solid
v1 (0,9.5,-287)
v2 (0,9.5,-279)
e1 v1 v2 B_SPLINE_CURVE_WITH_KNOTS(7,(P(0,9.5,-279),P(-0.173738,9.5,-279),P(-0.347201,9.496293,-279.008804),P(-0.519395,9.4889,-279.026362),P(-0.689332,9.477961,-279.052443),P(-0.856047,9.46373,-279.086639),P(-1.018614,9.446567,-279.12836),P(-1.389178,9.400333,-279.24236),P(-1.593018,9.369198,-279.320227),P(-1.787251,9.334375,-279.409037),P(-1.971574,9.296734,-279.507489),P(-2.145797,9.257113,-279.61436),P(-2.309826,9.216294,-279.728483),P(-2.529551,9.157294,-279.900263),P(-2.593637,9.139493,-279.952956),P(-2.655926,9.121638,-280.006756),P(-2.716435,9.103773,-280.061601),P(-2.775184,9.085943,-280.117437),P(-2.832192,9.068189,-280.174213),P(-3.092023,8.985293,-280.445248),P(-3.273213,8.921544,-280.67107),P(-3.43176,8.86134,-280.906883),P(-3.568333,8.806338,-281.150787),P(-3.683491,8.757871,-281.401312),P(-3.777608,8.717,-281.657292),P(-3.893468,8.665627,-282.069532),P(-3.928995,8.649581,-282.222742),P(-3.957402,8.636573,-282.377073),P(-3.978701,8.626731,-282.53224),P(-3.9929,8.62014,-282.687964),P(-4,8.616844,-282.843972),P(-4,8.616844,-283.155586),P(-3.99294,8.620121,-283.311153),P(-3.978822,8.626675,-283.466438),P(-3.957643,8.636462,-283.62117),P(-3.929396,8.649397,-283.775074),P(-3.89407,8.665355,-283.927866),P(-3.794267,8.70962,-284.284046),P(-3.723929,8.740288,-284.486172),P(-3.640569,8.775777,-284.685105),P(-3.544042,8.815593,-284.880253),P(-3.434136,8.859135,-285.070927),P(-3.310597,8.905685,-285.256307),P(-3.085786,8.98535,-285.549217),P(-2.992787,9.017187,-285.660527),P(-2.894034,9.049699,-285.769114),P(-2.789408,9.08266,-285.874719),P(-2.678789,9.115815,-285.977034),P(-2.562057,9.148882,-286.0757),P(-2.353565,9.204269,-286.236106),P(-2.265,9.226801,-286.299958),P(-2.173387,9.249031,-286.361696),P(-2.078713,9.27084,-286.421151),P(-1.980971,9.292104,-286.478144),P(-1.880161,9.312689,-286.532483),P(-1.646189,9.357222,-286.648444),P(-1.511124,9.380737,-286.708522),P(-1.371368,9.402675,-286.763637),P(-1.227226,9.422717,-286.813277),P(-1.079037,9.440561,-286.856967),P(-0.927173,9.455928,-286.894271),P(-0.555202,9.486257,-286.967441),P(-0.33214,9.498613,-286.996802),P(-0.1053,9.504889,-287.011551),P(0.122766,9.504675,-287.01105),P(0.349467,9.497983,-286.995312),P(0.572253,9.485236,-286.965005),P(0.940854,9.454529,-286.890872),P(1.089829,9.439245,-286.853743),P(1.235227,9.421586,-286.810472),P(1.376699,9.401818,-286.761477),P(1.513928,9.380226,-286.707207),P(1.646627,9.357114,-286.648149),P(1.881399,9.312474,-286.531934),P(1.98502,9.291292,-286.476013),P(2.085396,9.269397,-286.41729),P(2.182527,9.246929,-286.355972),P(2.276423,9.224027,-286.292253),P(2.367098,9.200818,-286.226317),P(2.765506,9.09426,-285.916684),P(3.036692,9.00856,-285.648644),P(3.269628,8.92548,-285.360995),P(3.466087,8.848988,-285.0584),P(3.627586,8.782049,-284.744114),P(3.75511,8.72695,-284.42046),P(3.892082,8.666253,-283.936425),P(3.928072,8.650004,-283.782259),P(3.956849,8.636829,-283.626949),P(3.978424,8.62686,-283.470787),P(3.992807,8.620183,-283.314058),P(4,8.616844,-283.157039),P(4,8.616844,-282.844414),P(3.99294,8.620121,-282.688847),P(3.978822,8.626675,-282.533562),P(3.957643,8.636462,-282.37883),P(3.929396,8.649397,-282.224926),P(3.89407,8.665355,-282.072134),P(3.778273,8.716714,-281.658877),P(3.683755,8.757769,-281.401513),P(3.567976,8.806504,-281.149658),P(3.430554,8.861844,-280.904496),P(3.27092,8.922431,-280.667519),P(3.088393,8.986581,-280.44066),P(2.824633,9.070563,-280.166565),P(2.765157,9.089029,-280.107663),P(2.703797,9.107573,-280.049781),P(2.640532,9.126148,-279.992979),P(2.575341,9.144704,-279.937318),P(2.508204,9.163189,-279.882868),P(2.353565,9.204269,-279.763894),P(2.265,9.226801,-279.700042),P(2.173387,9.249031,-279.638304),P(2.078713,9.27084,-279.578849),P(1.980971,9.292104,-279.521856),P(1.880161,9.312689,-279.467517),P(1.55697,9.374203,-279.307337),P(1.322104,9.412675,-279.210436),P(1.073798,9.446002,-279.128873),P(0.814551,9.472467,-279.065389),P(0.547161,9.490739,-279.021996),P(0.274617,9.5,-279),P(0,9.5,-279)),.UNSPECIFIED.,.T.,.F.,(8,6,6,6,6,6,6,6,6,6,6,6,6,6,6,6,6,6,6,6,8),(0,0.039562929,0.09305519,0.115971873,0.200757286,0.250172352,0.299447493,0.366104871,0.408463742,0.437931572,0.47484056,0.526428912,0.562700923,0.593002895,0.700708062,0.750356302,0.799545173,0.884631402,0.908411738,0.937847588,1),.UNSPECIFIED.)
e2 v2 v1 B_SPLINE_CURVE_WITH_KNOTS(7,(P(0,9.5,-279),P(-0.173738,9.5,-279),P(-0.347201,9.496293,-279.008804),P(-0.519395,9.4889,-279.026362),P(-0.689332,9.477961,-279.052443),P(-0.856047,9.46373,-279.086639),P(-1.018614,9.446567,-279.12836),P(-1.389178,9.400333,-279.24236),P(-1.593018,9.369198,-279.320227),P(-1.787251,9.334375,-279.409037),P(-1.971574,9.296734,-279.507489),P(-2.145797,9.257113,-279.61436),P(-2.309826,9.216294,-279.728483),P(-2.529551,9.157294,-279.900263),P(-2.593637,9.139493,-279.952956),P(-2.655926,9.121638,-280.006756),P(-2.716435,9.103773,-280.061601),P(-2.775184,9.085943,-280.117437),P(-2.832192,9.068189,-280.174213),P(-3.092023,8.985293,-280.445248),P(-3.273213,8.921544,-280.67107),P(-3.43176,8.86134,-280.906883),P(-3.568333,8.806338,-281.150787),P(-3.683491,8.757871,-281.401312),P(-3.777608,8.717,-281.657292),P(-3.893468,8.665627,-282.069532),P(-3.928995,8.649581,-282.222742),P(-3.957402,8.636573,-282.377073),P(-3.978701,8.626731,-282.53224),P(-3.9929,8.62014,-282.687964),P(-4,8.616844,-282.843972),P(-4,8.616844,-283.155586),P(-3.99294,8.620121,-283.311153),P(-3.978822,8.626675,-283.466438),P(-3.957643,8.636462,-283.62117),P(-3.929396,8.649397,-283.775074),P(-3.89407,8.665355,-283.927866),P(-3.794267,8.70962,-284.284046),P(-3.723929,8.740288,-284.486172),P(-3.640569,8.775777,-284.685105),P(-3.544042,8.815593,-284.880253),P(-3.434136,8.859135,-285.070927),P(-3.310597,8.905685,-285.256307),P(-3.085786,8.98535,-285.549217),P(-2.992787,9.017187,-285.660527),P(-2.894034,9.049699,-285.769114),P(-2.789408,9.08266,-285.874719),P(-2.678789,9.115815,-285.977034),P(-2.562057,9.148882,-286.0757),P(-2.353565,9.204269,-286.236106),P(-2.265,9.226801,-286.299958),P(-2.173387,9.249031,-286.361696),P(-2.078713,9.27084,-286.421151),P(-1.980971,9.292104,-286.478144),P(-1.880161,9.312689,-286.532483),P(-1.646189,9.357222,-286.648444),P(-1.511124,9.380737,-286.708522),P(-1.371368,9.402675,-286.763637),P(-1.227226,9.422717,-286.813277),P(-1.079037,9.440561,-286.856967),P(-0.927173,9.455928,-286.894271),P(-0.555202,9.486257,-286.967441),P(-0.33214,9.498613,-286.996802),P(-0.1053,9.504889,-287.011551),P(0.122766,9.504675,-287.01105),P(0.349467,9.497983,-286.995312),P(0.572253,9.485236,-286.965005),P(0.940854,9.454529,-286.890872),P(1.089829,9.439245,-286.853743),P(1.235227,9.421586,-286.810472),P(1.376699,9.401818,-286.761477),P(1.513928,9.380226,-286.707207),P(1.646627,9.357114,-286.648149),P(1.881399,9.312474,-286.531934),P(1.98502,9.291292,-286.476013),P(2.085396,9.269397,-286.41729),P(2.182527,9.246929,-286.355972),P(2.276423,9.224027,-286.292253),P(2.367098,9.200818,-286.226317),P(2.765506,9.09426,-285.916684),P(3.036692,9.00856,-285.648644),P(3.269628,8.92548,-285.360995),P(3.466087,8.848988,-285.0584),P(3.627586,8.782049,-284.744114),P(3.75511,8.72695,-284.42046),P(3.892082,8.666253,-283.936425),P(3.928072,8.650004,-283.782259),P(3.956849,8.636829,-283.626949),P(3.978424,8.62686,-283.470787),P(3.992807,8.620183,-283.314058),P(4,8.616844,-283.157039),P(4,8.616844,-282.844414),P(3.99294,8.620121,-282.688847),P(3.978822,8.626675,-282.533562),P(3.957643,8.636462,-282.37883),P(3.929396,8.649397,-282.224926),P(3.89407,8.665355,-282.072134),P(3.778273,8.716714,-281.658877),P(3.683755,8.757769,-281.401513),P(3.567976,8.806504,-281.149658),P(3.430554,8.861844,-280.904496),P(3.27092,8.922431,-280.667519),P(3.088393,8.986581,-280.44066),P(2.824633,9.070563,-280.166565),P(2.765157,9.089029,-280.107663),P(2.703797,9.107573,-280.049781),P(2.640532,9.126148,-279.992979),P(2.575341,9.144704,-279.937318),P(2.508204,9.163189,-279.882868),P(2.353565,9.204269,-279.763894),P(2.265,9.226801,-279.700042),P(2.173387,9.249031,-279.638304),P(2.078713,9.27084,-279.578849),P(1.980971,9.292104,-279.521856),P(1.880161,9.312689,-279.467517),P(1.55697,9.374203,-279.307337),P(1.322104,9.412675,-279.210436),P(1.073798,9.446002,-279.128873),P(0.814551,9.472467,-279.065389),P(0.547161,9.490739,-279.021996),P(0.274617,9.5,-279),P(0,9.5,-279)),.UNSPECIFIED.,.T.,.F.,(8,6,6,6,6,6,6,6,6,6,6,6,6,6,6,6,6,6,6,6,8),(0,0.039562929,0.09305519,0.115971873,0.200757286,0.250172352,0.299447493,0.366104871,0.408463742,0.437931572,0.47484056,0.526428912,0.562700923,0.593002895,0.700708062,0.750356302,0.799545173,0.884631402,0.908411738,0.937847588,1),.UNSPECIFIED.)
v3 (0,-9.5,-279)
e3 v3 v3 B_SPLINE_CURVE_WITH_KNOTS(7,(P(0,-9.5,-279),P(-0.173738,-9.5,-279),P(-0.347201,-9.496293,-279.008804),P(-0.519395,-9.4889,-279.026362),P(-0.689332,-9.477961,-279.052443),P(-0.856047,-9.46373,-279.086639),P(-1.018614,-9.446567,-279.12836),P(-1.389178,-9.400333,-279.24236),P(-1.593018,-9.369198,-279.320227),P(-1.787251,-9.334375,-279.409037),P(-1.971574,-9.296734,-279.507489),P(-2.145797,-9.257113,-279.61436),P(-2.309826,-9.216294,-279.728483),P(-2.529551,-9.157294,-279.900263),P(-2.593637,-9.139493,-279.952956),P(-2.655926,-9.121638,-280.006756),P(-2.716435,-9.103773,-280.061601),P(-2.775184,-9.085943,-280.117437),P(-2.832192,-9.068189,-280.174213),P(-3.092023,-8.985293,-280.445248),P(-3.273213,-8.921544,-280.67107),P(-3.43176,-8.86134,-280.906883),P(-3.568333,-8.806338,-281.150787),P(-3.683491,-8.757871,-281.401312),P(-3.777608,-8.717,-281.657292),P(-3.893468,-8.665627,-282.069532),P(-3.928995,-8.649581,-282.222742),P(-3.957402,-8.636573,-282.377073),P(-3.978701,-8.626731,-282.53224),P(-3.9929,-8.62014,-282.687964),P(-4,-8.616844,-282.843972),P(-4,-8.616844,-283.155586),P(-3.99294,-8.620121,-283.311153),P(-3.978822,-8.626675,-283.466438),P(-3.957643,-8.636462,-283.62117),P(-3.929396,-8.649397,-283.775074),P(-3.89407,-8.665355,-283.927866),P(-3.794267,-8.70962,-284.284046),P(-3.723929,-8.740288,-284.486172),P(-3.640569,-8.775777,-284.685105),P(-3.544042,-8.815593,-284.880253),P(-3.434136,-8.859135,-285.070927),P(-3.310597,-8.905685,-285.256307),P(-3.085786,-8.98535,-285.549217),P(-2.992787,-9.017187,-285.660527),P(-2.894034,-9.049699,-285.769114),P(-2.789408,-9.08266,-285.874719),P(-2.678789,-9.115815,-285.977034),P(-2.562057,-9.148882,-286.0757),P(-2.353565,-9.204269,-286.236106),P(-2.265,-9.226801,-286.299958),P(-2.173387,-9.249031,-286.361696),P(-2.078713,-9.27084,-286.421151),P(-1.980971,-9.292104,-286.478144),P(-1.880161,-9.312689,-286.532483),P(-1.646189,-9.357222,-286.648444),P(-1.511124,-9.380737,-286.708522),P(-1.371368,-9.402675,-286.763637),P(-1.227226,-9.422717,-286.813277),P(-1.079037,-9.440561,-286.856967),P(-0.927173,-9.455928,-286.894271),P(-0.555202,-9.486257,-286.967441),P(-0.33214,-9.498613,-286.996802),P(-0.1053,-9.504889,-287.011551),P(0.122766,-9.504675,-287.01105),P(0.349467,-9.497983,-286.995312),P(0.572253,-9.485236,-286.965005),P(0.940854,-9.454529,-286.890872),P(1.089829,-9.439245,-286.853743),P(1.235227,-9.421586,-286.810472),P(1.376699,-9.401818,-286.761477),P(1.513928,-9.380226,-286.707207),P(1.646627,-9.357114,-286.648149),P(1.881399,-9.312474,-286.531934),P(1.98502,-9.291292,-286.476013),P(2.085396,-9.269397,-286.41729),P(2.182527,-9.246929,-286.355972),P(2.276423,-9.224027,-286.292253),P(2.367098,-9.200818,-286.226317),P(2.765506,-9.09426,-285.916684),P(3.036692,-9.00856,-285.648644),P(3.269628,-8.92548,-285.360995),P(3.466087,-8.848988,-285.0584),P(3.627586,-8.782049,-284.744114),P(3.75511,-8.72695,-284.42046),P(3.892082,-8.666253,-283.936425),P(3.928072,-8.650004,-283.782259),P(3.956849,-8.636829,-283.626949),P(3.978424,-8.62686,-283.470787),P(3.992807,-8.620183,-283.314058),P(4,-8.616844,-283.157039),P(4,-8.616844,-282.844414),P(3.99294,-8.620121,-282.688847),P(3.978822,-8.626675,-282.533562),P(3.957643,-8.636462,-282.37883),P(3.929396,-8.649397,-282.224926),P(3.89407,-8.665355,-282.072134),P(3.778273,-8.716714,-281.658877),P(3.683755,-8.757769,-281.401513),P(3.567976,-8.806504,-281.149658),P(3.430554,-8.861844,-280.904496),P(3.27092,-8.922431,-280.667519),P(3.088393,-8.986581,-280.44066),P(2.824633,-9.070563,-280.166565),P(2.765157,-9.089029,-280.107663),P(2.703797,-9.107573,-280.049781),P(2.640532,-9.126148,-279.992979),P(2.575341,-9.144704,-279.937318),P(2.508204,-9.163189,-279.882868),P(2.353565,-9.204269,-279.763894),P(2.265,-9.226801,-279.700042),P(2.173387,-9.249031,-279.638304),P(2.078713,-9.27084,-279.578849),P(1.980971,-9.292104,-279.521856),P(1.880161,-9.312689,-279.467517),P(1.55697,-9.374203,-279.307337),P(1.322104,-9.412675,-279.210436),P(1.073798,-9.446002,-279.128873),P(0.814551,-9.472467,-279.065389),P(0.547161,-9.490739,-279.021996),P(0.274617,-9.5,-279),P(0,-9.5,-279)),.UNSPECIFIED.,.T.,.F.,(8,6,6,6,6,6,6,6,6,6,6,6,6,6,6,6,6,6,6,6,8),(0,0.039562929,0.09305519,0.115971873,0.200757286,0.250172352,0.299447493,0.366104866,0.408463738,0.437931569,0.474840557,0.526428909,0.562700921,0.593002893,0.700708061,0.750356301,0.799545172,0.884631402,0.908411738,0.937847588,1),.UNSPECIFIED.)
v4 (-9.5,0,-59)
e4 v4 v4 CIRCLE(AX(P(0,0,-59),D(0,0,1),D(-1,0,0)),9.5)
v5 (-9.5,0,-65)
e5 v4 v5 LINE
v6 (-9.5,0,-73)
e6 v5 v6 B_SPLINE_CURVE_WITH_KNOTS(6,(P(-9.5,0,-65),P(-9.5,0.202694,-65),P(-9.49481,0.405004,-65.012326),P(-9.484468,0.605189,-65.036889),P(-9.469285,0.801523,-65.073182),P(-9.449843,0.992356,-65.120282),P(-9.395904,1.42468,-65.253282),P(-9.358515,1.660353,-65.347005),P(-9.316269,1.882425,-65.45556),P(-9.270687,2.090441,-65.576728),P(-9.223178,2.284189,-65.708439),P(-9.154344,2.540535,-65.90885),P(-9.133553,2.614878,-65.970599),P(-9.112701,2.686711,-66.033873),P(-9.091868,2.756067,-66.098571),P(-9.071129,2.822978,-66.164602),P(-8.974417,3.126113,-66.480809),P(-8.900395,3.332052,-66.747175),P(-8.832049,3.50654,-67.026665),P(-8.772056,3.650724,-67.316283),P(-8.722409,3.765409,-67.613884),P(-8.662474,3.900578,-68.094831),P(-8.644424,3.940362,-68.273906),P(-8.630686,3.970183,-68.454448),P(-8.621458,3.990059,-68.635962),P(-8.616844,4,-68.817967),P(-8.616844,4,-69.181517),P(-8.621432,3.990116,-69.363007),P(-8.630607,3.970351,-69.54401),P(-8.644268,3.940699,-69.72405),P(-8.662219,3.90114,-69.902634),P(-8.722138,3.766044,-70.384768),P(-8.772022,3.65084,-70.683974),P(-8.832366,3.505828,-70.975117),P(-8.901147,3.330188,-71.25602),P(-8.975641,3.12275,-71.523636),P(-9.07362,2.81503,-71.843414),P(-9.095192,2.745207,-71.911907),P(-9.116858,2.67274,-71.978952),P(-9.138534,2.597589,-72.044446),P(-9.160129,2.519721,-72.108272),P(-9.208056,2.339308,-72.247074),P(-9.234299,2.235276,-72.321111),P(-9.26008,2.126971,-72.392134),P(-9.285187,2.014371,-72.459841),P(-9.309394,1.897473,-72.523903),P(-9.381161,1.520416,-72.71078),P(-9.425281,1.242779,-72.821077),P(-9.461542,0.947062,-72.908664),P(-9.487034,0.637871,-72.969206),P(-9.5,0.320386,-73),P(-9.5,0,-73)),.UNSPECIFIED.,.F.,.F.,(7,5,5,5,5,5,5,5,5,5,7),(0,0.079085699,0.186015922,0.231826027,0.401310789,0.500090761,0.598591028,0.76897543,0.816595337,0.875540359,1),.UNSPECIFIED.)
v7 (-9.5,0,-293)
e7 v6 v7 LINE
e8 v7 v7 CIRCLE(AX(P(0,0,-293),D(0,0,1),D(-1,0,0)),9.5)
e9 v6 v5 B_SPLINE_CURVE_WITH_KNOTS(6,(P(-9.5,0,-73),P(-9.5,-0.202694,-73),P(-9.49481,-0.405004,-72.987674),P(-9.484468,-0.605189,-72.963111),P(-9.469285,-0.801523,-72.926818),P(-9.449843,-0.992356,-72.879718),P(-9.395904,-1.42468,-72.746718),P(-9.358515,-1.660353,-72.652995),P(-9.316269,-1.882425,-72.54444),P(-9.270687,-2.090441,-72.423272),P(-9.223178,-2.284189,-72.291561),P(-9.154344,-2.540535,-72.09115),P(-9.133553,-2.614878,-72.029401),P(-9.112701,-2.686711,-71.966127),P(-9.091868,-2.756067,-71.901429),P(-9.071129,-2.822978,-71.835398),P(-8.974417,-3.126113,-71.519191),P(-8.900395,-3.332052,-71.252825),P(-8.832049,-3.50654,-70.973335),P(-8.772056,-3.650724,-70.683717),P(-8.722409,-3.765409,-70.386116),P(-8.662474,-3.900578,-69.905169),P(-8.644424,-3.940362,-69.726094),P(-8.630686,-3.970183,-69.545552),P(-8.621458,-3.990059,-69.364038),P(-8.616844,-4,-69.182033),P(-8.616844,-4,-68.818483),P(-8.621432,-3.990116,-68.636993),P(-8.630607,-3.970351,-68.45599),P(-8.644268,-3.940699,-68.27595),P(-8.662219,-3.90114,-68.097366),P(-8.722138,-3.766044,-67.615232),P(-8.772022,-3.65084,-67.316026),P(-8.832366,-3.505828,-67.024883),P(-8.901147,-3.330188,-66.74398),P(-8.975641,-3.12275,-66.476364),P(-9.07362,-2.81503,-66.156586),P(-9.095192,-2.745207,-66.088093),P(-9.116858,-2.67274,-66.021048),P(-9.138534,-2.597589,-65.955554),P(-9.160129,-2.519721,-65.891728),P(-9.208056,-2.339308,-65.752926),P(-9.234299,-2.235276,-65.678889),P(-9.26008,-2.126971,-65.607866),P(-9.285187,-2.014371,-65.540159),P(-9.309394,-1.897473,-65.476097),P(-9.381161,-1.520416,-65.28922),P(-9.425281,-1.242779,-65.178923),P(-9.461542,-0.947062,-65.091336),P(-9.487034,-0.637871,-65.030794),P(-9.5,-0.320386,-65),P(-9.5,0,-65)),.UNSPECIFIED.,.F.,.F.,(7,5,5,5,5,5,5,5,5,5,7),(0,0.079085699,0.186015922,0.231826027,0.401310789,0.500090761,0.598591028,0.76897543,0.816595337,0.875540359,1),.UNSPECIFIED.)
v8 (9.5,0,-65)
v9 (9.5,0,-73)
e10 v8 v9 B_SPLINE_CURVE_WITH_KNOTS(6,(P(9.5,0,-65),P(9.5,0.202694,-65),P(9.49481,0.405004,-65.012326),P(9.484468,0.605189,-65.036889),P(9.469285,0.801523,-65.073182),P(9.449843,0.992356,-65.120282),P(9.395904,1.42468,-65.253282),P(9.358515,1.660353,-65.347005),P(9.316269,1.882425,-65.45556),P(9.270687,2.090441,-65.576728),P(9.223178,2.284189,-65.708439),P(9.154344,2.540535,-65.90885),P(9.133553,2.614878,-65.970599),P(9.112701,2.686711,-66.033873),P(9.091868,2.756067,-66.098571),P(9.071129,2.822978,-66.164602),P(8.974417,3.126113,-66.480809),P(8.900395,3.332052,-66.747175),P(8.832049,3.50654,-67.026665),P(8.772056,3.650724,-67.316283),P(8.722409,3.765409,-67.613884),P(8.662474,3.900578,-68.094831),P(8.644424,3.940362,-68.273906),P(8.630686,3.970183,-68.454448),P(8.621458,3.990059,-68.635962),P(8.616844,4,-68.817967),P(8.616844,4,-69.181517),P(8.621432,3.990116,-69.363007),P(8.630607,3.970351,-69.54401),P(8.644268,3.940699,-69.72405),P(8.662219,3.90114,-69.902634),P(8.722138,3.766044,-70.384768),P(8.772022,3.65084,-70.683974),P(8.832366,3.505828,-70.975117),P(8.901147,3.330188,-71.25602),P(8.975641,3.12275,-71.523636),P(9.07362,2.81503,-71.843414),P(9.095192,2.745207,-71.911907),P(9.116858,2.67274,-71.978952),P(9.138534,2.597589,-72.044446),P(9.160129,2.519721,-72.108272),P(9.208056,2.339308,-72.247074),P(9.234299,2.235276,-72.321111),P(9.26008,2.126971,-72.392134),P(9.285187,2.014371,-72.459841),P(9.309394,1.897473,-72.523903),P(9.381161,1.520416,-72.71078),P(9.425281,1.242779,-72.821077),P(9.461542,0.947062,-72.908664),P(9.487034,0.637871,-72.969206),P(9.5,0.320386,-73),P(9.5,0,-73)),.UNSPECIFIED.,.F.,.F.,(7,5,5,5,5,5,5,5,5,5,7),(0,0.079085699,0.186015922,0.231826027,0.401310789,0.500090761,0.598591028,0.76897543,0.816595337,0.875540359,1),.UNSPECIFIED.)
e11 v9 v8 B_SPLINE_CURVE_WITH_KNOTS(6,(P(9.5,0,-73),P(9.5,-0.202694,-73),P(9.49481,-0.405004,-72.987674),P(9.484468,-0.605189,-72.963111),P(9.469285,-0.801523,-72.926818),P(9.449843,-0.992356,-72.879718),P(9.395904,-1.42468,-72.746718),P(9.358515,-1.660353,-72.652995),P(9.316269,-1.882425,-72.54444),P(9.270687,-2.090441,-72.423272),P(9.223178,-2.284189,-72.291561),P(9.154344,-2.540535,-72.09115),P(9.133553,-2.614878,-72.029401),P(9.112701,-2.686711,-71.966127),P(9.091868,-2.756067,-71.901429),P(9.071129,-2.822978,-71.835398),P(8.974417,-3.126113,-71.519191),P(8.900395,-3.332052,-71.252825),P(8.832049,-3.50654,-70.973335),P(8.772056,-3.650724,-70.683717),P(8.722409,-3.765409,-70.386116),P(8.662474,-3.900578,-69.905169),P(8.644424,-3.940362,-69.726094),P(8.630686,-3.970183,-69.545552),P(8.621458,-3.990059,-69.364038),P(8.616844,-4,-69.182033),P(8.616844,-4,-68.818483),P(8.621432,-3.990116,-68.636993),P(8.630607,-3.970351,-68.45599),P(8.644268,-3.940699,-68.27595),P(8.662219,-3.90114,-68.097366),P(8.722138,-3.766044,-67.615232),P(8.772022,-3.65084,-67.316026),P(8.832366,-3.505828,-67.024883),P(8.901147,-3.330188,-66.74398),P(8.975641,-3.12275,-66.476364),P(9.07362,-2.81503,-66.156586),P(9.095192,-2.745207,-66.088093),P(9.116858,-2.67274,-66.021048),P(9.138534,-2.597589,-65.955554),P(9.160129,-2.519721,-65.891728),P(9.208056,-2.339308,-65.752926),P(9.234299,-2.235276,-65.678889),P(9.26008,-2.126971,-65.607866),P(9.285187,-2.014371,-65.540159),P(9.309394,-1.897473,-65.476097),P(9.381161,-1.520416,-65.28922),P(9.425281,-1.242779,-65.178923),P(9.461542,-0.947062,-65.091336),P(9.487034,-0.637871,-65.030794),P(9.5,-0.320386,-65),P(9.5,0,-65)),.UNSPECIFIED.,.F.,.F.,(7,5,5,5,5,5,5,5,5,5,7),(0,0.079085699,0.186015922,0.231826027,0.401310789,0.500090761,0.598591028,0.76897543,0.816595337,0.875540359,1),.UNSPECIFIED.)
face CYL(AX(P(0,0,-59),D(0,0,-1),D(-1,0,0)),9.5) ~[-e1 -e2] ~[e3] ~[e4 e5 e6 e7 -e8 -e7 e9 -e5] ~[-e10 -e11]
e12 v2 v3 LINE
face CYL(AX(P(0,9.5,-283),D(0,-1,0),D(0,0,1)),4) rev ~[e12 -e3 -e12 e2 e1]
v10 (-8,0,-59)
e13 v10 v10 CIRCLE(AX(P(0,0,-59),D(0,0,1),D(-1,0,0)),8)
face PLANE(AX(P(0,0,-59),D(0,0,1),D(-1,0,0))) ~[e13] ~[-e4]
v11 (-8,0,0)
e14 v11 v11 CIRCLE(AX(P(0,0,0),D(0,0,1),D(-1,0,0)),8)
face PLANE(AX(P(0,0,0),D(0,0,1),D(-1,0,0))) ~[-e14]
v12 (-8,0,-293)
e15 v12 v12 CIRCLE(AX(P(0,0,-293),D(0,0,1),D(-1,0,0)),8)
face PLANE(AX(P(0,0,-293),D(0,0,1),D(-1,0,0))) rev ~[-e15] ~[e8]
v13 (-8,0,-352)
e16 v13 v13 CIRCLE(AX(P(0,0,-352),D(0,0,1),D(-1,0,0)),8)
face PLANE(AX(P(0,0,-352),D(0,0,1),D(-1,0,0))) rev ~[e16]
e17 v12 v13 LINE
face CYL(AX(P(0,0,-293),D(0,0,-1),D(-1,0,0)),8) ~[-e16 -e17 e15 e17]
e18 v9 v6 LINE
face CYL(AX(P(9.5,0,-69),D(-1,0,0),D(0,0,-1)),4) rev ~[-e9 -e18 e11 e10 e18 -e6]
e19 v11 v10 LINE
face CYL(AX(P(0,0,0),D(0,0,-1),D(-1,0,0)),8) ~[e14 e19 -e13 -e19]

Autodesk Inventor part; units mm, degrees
ref_plane "XY Plane" through (0, 0, 0) normal (0, 0, 1) x (1, 0, 0)
sketch "Skizze1" plane through (0, 0, 0) normal (0, 1, 0) x (-1, 0, 0)
  line L0 (0, 0) -> (8, 0)
  line L1 (8, 0) -> (8, -59)
  line L2 (8, -59) -> (9.5, -59)
  line L3 (9.5, -59) -> (9.5, -293)
  line L4 (9.5, -293) -> (8, -293)
  line L5 (8, -293) -> (8, -352)
  line L6 (8, -352) -> (0, -352)
  line L7 (0, -352) -> (0, 0)
  dimension "d0" = 16
  dimension "d1" = 59
  dimension "d2" = 59
  dimension "d3" = 352
  dimension "d4" = 19
revolve "Umdrehung1" add sketch "Skizze1" angle 360 about axis through (0, 0, -352) along (0, 0, 1)
ref_plane "Arbeitsebene1" through (9.5, 0, 0) normal (1, 0, 0) x (0, 1, 0)
sketch "Skizze2" plane through (9.5, 0, 0) normal (1, 0, 0) x (0, 1, 0)
  line L0 (8, 0) -> (-8, 0) projected
  point P0 (0, 0)
  point P1 (0, -69)
  point P2 (0, 0)
  dimension "d7" = 69
hole "Bohrung1" at (9.5, 0, -69) direction (-1, 0, 0) diameter 8 end through all
ref_plane "Arbeitsebene2" through (0, 9.5, 0) normal (0, 1, 0) x (-1, 0, 0)
sketch "Skizze3" plane through (0, 9.5, 0) normal (0, 1, 0) x (-1, 0, 0)
  line L0 (9.5, -293) -> (-9.5, -293) projected
  point P0 (0, 0)
  point P1 (0, -283)
  dimension "d16" = 10
hole "Bohrung2" at (0, 9.5, -283) direction (0, -1, 0) diameter 8 end through all
properties part number "2011"
